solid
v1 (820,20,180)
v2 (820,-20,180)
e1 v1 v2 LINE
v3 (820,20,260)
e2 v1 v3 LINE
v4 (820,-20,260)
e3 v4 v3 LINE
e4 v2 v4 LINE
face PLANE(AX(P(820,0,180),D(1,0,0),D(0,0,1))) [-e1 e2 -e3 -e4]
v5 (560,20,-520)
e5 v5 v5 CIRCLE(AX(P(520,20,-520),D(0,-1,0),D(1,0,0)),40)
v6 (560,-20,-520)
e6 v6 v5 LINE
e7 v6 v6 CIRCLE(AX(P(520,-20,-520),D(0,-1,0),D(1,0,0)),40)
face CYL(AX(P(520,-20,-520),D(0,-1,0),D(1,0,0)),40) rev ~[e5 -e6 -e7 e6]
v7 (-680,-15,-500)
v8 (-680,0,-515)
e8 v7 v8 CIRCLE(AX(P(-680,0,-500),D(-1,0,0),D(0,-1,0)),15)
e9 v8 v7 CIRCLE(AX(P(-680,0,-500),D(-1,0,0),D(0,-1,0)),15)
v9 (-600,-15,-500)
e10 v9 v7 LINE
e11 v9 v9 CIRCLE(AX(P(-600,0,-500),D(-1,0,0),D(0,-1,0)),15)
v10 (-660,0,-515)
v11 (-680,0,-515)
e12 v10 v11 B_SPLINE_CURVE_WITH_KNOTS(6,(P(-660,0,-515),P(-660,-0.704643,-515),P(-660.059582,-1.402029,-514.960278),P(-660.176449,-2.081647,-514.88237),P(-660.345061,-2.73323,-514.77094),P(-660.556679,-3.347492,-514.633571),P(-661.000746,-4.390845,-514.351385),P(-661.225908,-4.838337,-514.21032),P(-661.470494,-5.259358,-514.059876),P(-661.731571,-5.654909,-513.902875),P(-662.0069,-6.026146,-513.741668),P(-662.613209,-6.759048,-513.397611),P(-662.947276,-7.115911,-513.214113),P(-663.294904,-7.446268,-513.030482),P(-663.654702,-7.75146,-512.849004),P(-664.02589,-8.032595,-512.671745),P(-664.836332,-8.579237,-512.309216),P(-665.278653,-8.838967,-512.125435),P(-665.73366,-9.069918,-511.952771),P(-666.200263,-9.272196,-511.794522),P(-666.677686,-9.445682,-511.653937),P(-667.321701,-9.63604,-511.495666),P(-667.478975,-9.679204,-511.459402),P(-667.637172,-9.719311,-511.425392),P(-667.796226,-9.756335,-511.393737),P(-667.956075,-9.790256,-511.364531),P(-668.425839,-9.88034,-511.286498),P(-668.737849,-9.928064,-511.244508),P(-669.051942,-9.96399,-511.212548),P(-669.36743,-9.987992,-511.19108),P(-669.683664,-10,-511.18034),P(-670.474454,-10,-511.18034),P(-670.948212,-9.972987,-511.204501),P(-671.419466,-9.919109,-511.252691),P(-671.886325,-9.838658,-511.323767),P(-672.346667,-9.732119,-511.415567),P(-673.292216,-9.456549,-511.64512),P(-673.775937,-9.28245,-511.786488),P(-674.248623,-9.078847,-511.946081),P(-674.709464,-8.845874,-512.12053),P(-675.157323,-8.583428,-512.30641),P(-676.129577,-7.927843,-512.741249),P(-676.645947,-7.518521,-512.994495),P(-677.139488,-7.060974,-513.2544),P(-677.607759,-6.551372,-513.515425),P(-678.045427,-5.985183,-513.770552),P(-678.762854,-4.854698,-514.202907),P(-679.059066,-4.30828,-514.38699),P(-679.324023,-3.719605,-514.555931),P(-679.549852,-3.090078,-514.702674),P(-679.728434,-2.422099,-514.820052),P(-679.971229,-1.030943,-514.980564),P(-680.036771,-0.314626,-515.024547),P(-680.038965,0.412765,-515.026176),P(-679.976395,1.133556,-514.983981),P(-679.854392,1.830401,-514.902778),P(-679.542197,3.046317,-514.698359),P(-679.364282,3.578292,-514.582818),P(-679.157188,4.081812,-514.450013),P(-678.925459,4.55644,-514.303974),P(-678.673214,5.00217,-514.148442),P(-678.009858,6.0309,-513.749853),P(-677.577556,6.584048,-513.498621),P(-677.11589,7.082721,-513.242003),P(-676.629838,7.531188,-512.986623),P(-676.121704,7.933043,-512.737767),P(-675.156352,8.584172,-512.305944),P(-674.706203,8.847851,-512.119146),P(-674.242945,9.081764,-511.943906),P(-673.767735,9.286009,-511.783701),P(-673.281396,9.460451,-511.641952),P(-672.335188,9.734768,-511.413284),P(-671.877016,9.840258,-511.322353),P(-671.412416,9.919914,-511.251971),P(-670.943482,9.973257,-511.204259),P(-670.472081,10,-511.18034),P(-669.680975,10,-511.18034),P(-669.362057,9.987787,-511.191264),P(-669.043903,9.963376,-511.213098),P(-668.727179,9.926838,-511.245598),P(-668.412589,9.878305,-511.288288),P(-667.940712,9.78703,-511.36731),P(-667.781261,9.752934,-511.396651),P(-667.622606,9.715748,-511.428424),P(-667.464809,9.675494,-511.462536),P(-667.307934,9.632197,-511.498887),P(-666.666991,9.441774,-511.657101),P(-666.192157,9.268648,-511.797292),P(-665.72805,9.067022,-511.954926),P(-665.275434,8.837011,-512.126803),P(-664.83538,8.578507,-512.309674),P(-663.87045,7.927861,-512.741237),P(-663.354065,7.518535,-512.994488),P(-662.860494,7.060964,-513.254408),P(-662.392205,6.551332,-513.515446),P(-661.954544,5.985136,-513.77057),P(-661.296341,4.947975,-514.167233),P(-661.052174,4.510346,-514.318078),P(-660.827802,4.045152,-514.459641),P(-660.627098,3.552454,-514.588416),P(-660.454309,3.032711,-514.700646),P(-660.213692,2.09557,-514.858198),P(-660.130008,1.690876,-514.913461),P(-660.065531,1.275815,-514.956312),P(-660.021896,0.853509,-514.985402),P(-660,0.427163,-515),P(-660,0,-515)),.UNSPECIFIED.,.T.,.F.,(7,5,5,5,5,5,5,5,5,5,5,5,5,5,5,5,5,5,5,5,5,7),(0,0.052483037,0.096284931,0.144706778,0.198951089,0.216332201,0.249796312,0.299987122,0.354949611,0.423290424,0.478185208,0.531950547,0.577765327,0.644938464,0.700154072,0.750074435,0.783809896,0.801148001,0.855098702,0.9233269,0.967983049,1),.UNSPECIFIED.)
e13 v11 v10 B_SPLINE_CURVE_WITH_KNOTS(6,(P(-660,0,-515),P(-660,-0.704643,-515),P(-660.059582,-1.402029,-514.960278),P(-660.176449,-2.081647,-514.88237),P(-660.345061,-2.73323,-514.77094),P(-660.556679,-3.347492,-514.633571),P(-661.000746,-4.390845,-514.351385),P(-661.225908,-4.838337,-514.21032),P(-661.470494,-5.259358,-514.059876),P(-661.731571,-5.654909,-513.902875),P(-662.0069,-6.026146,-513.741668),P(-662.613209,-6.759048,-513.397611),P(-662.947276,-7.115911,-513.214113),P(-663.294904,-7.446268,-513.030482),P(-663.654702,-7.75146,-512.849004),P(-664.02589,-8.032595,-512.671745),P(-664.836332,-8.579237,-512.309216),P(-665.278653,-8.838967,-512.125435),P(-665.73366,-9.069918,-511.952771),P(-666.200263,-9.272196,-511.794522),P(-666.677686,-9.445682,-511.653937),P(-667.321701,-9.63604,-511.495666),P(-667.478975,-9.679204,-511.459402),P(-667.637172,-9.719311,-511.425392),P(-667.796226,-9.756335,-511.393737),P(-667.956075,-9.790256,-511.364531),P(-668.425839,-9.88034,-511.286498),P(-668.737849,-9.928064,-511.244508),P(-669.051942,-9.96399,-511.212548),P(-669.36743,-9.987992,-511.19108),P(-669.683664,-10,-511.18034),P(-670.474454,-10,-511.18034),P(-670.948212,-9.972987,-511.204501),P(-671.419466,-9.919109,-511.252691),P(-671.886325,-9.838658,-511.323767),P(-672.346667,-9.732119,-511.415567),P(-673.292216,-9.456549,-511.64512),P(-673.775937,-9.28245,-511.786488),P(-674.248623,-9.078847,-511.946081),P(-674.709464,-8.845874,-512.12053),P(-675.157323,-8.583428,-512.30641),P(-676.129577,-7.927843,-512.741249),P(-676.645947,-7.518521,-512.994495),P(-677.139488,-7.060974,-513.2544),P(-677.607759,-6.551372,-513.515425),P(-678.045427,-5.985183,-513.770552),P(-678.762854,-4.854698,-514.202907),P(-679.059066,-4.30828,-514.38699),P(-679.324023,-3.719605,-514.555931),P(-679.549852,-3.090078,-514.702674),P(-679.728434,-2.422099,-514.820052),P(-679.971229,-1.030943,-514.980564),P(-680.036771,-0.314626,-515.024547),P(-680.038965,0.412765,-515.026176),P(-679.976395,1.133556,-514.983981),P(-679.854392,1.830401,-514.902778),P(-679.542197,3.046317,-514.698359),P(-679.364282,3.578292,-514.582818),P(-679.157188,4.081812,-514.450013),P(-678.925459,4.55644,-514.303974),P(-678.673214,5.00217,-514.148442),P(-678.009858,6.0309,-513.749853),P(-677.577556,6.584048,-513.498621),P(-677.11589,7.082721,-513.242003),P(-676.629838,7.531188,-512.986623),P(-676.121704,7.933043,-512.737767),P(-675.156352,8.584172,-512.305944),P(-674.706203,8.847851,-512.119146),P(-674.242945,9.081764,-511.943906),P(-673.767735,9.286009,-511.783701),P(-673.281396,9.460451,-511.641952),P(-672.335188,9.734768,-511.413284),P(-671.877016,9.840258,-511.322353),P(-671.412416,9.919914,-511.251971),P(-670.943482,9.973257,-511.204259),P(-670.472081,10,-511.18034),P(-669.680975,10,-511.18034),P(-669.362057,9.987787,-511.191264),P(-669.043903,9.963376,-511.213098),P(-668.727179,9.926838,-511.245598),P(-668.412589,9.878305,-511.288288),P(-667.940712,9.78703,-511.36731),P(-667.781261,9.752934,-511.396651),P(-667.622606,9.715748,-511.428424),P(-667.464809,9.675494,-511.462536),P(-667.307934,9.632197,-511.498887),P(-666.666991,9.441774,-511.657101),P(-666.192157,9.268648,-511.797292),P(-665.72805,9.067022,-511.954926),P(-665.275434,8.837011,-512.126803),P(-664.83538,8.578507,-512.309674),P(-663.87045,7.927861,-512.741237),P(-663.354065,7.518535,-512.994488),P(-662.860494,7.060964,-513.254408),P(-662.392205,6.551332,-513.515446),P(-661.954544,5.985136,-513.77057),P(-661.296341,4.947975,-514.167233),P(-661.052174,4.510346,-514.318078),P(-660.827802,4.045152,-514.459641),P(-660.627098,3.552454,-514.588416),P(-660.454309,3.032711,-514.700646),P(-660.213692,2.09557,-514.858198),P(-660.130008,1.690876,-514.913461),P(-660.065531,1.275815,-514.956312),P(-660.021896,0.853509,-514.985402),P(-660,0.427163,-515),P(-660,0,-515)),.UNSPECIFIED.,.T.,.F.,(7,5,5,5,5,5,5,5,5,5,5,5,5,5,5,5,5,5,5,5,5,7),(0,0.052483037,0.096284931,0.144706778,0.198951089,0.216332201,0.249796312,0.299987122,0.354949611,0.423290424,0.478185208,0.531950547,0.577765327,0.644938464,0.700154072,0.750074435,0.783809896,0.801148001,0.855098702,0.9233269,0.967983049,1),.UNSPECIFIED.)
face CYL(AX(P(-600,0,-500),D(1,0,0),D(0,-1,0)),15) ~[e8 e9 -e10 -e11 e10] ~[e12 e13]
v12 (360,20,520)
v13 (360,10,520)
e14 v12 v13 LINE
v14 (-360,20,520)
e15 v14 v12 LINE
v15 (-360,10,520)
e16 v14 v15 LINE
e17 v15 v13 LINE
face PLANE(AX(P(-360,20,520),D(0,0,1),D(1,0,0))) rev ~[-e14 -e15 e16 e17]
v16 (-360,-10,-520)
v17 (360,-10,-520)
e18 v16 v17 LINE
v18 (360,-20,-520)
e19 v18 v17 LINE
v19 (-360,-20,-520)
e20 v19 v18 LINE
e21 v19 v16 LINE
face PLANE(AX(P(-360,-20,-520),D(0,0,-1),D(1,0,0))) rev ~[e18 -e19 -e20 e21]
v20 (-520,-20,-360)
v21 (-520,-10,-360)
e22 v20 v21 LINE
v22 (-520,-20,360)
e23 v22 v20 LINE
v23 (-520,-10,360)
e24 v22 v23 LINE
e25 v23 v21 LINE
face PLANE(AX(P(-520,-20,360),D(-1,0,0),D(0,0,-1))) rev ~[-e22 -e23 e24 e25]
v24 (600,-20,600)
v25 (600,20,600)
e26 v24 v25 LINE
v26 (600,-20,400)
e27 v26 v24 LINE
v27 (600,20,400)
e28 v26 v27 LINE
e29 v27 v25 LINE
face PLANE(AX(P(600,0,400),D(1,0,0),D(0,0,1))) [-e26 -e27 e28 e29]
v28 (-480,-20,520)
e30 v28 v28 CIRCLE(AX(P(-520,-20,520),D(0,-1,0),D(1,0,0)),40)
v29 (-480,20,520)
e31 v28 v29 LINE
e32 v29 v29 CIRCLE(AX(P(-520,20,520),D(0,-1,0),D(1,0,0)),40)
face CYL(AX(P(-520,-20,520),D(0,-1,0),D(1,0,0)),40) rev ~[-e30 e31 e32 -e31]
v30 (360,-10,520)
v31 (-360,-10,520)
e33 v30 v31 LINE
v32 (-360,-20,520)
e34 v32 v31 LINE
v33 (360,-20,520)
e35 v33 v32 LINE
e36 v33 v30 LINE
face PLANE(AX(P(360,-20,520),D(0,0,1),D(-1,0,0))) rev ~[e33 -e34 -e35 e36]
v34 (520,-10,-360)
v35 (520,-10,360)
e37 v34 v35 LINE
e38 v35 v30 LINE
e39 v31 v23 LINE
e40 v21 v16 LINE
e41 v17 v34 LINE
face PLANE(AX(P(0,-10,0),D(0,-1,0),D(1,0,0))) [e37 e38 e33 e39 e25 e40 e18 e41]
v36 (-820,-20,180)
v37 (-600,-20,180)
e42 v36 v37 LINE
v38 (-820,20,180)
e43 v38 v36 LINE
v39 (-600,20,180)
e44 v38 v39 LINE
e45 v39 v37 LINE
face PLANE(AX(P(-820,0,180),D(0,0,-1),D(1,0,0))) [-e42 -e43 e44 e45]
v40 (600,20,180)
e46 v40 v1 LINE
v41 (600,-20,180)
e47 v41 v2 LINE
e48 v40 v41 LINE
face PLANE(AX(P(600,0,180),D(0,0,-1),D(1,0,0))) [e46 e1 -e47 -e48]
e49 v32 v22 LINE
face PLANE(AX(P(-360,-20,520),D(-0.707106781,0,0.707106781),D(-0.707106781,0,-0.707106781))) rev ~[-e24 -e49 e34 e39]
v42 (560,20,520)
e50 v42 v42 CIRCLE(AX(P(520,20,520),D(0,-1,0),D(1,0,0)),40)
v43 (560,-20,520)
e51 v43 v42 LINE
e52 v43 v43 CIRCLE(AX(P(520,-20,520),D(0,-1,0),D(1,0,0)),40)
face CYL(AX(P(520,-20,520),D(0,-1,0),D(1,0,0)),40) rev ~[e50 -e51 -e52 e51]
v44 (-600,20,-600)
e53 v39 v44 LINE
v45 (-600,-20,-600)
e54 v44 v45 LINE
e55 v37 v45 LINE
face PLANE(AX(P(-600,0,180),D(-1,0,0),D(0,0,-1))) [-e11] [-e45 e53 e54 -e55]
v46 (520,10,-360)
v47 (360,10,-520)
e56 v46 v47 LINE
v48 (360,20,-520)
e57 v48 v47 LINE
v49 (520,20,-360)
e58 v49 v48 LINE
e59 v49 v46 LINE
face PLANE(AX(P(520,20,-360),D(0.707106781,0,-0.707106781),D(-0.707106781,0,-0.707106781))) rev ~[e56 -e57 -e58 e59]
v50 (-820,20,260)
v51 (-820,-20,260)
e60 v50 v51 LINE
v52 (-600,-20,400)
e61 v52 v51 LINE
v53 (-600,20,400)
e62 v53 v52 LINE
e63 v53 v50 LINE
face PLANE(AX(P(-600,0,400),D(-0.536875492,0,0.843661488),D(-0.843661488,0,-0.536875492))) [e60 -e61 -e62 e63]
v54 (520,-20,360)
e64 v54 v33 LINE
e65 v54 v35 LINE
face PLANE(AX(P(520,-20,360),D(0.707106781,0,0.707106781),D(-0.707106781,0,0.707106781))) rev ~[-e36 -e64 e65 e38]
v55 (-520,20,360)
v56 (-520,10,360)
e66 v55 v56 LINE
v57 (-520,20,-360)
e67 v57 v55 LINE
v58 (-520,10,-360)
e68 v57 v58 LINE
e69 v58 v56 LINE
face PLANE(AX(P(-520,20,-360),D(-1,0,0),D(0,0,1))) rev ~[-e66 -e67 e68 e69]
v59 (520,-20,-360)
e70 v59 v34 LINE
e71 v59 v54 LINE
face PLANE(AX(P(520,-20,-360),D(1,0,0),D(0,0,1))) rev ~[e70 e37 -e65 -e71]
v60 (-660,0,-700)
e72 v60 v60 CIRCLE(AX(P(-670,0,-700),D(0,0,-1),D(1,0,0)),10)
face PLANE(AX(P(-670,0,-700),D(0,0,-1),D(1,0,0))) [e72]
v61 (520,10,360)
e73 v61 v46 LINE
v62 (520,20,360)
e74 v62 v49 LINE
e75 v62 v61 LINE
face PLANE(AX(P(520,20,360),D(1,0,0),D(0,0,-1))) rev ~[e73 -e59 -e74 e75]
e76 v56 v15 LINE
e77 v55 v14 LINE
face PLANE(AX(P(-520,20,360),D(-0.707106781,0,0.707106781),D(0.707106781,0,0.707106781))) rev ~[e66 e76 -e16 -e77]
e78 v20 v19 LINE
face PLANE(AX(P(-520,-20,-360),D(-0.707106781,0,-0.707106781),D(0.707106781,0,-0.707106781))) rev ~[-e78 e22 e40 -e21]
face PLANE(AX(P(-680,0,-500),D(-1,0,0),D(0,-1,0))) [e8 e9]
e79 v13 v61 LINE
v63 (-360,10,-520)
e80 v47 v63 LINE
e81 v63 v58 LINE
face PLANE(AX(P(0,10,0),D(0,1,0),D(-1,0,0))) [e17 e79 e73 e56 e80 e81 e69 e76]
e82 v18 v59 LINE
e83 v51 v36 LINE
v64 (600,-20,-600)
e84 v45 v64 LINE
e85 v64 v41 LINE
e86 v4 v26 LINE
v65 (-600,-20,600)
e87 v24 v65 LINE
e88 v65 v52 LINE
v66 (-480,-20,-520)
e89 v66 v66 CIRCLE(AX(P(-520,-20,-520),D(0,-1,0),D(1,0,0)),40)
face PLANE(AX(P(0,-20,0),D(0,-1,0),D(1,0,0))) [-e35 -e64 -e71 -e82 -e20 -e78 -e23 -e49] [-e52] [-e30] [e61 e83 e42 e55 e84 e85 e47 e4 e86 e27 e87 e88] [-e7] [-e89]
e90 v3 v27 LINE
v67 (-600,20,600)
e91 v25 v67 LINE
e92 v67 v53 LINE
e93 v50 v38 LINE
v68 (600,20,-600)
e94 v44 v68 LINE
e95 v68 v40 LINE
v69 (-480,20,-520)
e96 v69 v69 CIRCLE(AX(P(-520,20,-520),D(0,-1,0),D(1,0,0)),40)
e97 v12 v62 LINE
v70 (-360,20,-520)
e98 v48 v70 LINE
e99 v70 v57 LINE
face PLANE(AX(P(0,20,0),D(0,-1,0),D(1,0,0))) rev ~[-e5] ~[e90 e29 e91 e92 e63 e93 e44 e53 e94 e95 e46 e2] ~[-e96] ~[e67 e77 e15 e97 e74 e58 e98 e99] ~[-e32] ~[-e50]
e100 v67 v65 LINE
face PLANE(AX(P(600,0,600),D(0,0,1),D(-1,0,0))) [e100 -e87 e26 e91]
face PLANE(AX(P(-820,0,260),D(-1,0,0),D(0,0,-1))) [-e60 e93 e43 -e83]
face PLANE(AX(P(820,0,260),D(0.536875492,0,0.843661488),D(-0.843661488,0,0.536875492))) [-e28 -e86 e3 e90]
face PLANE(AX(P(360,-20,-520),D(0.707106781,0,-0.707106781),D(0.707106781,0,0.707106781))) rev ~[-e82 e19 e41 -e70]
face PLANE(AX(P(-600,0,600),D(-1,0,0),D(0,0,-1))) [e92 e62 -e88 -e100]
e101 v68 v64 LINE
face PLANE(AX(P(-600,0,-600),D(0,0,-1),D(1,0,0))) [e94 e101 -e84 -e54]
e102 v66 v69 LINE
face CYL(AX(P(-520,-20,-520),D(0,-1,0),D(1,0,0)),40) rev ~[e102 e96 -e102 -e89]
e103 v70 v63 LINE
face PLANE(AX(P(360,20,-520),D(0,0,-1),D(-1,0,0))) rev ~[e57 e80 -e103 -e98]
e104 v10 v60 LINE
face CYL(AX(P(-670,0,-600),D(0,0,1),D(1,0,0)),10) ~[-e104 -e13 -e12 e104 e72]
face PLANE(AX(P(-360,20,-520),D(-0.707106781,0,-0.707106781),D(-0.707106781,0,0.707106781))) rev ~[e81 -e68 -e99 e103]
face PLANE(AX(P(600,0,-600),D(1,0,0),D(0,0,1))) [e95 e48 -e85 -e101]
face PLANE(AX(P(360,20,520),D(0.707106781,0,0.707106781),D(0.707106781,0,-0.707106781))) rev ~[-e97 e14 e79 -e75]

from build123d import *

# Parameters (mm, degrees)
F1_DEPTH       = 20
F2_R           = 40
F3_DEPTH       = 50
F5_DEPTH       = 10
F7_DEPTH       = 10
F8_R           = 15
F9_DEPTH       = 80
F10_R          = 10
F11_DEPTH      = 100
F11_DEPTH_BACK = 100


with BuildPart() as f1:
    # F0 (on Front) → F1 (new body, symmetric)
    with BuildSketch(Plane.XZ):
        Polygon((600, 600), (-600, 600), (-600, 400), (-600, 180), (-600, -600), (600, -600), (600, 180), (600, 400), align=None)
        Polygon((-600, 180), (-600, 400), (-820, 260), (-820, 180), align=None)
        Polygon((820, 260), (600, 400), (600, 180), (820, 180), align=None)
    extrude(amount=F1_DEPTH, both=True)

    # F2 (on face) → F3 (cut)
    with BuildSketch(Plane.XZ.offset(20)):
        with Locations((-520, 520)):
            Circle(F2_R)
        with Locations((-520, -520)):
            Circle(F2_R)
        with Locations((520, 520)):
            Circle(F2_R)
        with Locations((520, -520)):
            Circle(F2_R)
    extrude(amount=-F3_DEPTH, mode=Mode.SUBTRACT)

    # F4 (on face) → F5 (cut)
    with BuildSketch(Plane.XZ.offset(20)):
        Polygon((360, 520), (-360, 520), (-520, 360), (-520, -360), (-360, -520), (360, -520), (520, -360), (520, 360), align=None)
    extrude(amount=-F5_DEPTH, mode=Mode.SUBTRACT)

    # F6 (on face) → F7 (cut)
    with BuildSketch(Plane(origin=(0, 20, 0), x_dir=(-1, 0, 0), z_dir=(0, 1, 0))):
        Polygon((360, -520), (520, -360), (520, 360), (360, 520), (-360, 520), (-520, 360), (-520, -360), (-360, -520), align=None)
    extrude(amount=-F7_DEPTH, mode=Mode.SUBTRACT)

    # F8 (on face) → F9 (join)
    with BuildSketch(Plane(origin=(-600, 0, 0), x_dir=(0, -1, 0), z_dir=(-1, 0, 0))):
        with Locations((0, -500)):
            Circle(F8_R)
    extrude(amount=F9_DEPTH)

    # F10 (on face) → F11 (join, two sides)
    with BuildSketch(Plane(origin=(0, 0, -600), x_dir=(1, 0, 0), z_dir=(0, 0, -1))) as f11_sk:
        with Locations((-670, 0)):
            Circle(F10_R)
    extrude(amount=-F11_DEPTH)
    extrude(f11_sk.sketch, amount=F11_DEPTH_BACK)


solid = f1.part
